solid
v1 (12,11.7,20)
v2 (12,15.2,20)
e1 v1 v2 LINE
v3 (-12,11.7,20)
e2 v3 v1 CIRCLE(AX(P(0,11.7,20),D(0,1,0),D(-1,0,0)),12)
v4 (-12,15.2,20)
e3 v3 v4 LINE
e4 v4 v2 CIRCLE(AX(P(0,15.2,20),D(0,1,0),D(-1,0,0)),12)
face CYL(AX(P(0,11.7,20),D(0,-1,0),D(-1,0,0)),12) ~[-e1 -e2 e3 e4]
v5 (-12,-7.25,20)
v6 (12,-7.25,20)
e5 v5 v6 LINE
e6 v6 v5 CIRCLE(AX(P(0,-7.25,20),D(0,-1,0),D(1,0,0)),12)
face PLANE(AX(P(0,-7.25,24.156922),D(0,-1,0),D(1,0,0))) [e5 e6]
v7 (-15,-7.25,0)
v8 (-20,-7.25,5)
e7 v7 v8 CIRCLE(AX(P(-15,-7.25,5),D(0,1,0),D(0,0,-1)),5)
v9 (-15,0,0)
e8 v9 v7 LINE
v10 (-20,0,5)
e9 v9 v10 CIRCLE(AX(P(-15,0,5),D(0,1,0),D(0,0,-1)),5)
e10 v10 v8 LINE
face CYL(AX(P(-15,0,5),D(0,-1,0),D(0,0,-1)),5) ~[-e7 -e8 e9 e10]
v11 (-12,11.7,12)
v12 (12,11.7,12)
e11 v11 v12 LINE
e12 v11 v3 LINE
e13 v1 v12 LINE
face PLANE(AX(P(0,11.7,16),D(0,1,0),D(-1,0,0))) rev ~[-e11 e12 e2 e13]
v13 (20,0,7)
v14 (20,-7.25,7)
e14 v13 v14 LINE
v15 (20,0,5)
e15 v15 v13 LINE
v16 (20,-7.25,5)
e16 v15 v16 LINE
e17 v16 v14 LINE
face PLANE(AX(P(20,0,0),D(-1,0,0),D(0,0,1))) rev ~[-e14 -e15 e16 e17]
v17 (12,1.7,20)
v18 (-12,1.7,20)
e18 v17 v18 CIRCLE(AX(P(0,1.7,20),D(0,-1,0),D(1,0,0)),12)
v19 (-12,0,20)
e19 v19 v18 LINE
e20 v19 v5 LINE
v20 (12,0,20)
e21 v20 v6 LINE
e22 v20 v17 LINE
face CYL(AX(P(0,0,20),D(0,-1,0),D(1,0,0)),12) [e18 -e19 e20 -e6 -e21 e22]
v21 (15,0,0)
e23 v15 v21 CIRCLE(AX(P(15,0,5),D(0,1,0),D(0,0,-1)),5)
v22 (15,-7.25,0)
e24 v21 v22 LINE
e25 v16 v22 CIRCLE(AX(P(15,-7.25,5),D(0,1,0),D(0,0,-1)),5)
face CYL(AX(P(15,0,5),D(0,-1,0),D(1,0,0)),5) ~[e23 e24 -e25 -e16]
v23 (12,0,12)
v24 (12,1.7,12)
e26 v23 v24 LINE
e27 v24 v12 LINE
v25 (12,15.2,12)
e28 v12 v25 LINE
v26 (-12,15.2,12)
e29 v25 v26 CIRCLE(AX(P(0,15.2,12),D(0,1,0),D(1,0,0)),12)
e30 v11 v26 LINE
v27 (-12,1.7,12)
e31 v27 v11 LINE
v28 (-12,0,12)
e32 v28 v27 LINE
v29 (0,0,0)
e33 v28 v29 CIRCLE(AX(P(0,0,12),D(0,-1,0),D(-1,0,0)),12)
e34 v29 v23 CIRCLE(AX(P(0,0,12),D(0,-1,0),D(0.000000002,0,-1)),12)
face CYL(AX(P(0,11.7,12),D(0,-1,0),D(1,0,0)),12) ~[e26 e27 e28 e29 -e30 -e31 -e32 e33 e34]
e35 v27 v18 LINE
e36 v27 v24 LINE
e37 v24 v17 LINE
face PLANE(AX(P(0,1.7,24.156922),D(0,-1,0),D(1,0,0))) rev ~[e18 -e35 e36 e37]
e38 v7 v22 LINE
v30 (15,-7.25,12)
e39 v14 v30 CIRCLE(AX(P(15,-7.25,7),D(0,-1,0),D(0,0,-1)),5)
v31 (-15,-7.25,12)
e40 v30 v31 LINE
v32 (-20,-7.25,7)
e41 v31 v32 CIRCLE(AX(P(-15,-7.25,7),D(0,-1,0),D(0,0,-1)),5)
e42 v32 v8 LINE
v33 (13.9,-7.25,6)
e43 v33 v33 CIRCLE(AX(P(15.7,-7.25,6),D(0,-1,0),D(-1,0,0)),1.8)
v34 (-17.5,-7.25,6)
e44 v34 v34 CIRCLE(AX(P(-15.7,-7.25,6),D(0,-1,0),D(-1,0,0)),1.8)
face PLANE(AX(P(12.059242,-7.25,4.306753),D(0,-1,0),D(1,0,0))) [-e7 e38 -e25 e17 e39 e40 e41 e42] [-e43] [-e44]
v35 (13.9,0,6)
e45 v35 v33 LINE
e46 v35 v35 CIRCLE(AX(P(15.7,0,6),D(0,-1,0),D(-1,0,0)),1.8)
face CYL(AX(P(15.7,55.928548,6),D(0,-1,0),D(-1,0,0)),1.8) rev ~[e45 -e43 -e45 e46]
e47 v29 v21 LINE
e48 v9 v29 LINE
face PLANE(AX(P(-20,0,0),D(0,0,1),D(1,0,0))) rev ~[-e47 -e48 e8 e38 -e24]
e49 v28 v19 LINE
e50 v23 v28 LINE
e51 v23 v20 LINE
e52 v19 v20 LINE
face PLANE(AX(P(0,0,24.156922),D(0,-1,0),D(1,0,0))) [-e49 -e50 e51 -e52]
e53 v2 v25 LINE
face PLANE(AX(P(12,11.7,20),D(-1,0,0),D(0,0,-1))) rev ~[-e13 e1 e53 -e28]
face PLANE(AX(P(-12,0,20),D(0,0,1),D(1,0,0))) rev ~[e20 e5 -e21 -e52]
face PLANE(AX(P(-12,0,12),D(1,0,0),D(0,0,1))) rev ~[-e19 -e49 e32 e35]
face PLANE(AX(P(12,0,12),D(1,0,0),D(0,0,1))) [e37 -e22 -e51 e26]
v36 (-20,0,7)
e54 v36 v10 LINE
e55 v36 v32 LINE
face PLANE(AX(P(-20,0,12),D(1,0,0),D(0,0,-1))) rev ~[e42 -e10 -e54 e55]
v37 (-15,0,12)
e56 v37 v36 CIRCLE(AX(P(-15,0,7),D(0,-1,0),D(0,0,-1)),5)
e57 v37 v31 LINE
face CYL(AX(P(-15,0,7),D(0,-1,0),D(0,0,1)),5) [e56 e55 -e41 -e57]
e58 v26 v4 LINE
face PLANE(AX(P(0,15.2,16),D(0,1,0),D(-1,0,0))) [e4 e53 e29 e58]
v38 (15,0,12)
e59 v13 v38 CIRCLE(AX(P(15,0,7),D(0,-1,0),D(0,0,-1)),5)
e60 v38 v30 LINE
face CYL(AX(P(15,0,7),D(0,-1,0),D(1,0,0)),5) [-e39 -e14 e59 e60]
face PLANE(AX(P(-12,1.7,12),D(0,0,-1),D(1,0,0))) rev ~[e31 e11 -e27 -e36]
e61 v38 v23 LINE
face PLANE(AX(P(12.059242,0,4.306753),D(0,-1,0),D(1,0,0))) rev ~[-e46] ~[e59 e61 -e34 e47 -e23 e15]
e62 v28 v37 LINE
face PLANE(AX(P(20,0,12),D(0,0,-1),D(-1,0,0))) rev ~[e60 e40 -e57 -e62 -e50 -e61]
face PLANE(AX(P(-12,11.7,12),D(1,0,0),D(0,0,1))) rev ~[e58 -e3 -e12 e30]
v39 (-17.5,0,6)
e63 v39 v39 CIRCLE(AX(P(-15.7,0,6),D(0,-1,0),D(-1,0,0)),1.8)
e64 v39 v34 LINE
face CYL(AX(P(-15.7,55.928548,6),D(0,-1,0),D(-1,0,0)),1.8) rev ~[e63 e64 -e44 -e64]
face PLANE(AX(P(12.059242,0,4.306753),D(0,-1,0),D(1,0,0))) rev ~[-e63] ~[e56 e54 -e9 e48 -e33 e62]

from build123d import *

# Parameters (mm, degrees)
F1_DEPTH = 7.25
F0_W     = 24
F0_H     = 8
F2_DEPTH = 1.7
F4_DEPTH = 10
F6_DEPTH = 3.5
F7_R     = 5
F9_D     = 3.6


with BuildPart() as f1:
    # F0 (on Front) → F1 (new body)
    with BuildSketch(Plane.XZ):
        with BuildLine():
            Line((20, 12), (12, 12))
            ThreePointArc((12, 12), (8.4852813844, 3.5147186359), (2.86e-08, 0))
            Line((2.86e-08, 0), (20, 0))
            Line((20, 0), (20, 12))
        make_face()
        with BuildLine():
            Line((12, 12), (-12, 12))
            ThreePointArc((-12, 12), (-8.4852813641, 3.5147186156), (2.86e-08, 0))
            ThreePointArc((2.86e-08, 0), (8.4852813844, 3.5147186359), (12, 12))
        make_face()
        with BuildLine():
            Line((-12, 12), (-20, 12))
            Line((-20, 12), (-20, 0))
            Line((-20, 0), (2.86e-08, 0))
            ThreePointArc((2.86e-08, 0), (-8.4852813641, 3.5147186156), (-12, 12))
        make_face()
    extrude(amount=F1_DEPTH)



with BuildPart() as f1b:
    # F0 (on Front) → F1, piece 2 (new body)
    with BuildSketch(Plane.XZ):
        with BuildLine():
            ThreePointArc((12, 20), (0, 32), (-12, 20))
            Line((-12, 20), (12, 20))
        make_face()
    extrude(amount=F1_DEPTH)


with BuildPart() as f1_1:
    add(f1.part)

    add(f1b.part)  # F2 merges F1b
    # F0 (on Front) → F2 (join)
    with BuildSketch(Plane.XZ):
        with BuildLine():
            ThreePointArc((12, 20), (0, 32), (-12, 20))
            Line((-12, 20), (12, 20))
        make_face()
        with Locations((0, 16)):
            Rectangle(F0_W, F0_H)
        with BuildLine():
            Line((12, 12), (-12, 12))
            ThreePointArc((-12, 12), (-8.4852813641, 3.5147186156), (2.86e-08, 0))
            ThreePointArc((2.86e-08, 0), (8.4852813844, 3.5147186359), (12, 12))
        make_face()
    extrude(amount=-F2_DEPTH)

    # F3 (on face) → F4 (join)
    with BuildSketch(Plane(origin=(0, 1.7, 0), x_dir=(-1, 0, 0), z_dir=(0, 1, 0))):
        with BuildLine():
            ThreePointArc((-12, 12), (0, 0), (12, 12))
            Line((12, 12), (-12, 12))
        make_face()
    extrude(amount=F4_DEPTH)

    # F5 (on face) → F6 (join)
    with BuildSketch(Plane(origin=(0, 11.7, 0), x_dir=(-1, 0, 0), z_dir=(0, 1, 0))):
        with BuildLine():
            ThreePointArc((12, 20), (0, 32), (-12, 20))
            Line((-12, 20), (-12, 12))
            ThreePointArc((-12, 12), (0, 0), (12, 12))
            Line((12, 12), (12, 20))
        make_face()
    extrude(amount=F6_DEPTH)

    # F7
    f7_edges = [f1_1.edges().sort_by_distance(p)[0] for p in [
        (-20, -3.625, 12),
        (-20, -3.625, 0),
        (20, -3.625, 12),
        (20, -3.625, 0),
    ]]
    fillet(f7_edges, radius=F7_R)

    # F9 (through all)
    with Locations(Plane(origin=(0, 0, 0), x_dir=(1, 0, 0), z_dir=(0, 1, 0))):
        with Locations((15.7, -6), (-15.7, -6)):
            Hole(F9_D / 2)


solid = f1_1.part
